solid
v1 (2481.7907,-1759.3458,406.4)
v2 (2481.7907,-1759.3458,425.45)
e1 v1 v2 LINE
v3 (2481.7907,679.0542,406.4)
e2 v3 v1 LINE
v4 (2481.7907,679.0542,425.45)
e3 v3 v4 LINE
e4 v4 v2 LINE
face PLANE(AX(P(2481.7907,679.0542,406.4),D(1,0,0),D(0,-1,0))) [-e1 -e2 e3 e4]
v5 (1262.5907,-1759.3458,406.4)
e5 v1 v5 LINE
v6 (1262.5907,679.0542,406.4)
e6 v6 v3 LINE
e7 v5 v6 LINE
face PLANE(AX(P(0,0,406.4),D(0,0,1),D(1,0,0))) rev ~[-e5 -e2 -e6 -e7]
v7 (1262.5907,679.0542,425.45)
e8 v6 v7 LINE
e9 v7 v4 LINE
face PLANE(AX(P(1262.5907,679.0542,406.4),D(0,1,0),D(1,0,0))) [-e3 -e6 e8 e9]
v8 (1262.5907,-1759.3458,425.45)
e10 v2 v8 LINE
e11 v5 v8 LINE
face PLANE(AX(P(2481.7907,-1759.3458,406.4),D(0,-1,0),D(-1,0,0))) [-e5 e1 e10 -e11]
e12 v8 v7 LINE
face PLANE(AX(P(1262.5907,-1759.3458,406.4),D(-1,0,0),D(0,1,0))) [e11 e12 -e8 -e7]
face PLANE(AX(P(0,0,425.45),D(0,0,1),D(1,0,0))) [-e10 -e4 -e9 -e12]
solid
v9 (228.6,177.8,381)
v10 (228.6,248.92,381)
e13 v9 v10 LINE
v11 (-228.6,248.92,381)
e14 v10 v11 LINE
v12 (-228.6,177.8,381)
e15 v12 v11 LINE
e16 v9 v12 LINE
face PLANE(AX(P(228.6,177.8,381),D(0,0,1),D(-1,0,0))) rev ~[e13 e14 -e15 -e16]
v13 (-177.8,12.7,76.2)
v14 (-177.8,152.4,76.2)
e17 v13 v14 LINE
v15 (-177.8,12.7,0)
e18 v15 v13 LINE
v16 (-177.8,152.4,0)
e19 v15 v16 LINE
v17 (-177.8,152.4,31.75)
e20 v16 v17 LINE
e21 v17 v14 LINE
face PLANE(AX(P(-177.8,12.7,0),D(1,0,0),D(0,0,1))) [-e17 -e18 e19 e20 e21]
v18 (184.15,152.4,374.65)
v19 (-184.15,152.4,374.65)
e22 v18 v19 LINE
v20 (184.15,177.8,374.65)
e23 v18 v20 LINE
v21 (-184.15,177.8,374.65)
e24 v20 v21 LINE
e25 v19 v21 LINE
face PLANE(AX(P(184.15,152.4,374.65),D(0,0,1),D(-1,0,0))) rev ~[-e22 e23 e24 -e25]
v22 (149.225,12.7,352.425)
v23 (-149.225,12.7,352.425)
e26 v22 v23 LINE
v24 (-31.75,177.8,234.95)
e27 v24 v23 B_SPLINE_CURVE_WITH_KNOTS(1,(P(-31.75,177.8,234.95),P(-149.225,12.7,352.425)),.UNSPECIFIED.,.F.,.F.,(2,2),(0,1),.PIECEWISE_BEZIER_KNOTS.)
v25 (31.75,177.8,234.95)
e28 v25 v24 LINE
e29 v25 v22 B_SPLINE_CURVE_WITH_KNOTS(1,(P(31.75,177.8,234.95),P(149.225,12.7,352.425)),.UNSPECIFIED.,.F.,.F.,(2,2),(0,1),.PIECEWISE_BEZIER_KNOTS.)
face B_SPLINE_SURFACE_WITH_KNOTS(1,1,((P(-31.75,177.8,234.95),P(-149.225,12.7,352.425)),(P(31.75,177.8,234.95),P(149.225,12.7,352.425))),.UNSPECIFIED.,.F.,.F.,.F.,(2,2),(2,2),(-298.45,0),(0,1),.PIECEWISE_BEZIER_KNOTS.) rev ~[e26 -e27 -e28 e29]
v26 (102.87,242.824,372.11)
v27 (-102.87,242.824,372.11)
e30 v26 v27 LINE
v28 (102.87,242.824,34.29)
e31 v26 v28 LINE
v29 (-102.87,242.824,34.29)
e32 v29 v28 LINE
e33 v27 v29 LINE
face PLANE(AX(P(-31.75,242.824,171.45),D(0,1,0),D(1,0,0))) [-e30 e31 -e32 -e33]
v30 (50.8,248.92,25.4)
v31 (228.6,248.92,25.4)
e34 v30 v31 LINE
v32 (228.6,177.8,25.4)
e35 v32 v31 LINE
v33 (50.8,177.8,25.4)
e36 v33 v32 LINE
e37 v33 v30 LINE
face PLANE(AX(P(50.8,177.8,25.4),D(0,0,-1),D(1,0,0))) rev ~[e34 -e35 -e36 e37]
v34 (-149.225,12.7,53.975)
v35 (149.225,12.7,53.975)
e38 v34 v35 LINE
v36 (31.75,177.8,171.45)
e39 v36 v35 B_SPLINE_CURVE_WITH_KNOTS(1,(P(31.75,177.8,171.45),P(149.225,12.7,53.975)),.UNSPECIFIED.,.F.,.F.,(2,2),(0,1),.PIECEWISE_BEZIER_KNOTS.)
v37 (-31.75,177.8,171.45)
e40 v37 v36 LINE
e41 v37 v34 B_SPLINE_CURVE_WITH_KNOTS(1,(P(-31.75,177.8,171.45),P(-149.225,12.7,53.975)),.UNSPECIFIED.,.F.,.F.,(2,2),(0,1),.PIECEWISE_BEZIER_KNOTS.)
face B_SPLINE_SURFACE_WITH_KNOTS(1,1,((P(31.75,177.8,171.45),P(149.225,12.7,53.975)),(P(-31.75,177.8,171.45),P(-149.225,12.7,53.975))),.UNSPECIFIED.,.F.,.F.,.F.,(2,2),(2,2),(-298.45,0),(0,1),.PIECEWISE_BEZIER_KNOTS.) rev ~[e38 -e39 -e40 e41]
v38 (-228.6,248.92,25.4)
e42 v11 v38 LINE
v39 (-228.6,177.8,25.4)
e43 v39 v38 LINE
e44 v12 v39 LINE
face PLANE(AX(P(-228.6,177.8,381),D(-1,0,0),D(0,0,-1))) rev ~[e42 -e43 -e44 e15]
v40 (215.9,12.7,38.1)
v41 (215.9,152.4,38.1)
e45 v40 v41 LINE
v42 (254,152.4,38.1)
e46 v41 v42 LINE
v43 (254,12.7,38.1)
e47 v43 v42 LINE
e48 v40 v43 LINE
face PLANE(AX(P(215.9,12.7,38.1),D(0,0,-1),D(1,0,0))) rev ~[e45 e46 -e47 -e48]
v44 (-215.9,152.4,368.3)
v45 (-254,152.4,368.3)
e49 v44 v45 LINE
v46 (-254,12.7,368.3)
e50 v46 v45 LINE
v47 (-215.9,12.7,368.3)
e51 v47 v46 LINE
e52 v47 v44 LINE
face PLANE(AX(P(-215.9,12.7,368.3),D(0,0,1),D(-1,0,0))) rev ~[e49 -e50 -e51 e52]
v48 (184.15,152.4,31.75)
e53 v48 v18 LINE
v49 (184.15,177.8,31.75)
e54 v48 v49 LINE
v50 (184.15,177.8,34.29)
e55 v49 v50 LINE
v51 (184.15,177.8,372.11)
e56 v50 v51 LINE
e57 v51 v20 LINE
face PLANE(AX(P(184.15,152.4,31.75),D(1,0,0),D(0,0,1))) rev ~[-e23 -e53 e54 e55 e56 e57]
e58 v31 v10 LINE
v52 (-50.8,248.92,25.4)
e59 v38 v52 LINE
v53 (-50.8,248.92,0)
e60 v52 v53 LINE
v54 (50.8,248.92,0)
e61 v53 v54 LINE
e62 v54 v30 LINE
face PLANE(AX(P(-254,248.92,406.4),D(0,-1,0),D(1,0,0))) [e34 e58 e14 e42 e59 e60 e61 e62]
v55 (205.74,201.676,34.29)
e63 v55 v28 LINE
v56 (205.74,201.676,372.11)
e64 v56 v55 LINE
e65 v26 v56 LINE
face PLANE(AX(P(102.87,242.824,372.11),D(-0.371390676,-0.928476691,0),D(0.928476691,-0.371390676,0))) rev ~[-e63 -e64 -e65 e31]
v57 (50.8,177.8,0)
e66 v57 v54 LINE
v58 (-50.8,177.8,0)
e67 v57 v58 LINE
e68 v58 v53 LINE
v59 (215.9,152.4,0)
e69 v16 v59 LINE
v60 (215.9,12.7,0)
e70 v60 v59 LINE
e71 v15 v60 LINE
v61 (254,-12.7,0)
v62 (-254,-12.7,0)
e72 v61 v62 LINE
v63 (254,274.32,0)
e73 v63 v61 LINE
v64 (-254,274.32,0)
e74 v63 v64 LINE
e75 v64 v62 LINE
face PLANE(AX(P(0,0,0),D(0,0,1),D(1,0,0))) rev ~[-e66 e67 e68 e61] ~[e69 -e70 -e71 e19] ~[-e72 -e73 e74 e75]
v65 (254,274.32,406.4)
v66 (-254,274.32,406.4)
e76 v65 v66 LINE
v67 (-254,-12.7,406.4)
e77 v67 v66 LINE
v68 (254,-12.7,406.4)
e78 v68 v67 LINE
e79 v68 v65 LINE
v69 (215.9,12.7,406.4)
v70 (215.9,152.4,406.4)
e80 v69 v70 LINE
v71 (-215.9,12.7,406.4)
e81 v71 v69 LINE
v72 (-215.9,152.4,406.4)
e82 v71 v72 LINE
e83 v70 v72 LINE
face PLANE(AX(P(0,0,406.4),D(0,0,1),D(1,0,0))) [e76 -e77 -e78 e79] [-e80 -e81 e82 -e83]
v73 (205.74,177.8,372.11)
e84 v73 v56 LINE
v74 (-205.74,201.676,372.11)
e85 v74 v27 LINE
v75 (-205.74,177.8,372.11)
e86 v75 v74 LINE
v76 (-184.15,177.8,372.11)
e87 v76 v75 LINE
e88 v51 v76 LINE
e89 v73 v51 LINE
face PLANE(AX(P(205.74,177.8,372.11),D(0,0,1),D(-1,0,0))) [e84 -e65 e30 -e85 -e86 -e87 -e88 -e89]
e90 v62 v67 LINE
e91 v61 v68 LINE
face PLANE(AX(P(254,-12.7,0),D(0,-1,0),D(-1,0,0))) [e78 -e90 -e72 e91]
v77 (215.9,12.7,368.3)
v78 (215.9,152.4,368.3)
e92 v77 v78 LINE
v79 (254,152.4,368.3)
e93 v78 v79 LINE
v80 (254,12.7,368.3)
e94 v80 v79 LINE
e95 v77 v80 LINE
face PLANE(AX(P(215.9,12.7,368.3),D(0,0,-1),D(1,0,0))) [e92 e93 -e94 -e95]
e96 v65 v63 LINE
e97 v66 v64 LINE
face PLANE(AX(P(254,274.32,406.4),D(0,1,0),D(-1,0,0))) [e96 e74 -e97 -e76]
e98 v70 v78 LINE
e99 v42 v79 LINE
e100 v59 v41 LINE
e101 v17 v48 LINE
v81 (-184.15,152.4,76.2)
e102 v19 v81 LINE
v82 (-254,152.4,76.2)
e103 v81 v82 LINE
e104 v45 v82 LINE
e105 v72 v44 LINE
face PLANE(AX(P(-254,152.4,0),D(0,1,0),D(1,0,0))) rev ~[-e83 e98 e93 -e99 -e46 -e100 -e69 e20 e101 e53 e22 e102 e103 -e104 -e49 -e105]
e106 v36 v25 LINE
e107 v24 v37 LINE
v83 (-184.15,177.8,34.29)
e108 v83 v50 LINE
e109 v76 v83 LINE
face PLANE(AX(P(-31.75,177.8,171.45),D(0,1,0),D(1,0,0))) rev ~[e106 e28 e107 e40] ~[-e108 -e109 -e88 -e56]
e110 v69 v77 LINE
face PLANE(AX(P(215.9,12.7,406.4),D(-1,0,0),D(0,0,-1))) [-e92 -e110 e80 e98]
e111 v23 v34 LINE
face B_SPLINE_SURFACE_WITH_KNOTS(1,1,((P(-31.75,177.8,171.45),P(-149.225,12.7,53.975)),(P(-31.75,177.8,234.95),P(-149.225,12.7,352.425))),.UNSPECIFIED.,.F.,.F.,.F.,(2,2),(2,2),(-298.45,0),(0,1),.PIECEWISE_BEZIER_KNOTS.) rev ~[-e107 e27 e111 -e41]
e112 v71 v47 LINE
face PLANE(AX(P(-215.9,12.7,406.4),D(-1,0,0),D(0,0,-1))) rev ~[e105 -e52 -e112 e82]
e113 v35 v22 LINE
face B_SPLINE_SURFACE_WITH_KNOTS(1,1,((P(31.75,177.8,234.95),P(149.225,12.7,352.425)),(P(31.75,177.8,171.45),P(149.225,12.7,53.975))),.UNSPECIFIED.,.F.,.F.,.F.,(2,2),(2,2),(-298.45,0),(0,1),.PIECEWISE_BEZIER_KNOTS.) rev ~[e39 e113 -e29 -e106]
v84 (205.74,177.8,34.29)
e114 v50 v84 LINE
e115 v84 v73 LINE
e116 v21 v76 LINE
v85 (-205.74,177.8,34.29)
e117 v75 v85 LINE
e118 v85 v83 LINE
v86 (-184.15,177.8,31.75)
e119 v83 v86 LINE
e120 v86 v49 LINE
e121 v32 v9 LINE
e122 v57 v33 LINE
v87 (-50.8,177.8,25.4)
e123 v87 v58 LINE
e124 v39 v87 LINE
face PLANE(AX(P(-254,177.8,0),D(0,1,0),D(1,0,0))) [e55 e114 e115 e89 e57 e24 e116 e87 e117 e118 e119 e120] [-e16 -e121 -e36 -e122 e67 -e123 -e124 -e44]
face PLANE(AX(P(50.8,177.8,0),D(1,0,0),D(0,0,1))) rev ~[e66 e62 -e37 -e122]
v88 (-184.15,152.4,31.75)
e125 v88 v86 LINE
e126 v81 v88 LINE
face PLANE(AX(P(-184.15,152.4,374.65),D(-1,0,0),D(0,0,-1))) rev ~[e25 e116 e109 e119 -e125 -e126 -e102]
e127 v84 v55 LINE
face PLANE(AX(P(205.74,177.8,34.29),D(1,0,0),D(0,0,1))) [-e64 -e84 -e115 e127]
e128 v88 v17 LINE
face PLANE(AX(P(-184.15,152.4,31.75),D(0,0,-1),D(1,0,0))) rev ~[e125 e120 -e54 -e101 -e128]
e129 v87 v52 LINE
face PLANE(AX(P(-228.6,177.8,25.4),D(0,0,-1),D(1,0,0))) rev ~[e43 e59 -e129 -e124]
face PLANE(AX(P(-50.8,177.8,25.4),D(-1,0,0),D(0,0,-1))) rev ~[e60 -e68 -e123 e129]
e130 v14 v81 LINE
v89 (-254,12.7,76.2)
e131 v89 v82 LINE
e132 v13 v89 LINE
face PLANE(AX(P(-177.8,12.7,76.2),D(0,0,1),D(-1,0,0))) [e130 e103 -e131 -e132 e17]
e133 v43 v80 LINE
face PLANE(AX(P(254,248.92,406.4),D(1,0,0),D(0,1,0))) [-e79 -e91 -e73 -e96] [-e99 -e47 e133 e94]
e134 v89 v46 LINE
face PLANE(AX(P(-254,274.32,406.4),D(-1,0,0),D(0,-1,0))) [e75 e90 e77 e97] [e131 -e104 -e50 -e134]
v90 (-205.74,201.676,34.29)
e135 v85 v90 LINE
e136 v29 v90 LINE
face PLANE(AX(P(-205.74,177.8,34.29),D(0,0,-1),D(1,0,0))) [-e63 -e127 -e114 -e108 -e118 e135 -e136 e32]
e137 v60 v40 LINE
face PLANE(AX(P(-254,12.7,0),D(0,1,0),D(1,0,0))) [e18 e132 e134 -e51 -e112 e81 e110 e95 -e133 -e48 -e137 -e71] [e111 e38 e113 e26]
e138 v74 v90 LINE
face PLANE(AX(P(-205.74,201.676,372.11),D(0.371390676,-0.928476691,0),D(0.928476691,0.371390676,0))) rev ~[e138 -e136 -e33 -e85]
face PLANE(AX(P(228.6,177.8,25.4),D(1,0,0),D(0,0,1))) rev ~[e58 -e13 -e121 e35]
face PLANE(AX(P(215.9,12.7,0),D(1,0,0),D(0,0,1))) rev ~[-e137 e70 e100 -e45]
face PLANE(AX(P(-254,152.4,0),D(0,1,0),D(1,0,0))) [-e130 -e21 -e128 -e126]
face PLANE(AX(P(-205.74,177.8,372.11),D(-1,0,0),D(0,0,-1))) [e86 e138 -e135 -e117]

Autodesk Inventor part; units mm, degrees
ref_plane "YZ Plane" through (0, 0, 0) normal (1, 0, 0) x (0, 1, 0)
ref_plane "XZ Plane" through (0, 0, 0) normal (0, 1, 0) x (-1, 0, 0)
sketch "Sketch1" plane through (0, 0, 0) normal (0, 0, 1) x (1, 0, 0)
  line L0 (-254, 12.7) -> (254, 12.7)
  line L1 (254, 12.7) -> (254, -12.7)
  line L2 (254, -12.7) -> (-254, -12.7)
  line L3 (-254, -12.7) -> (-254, 12.7)
  point P0 (0, 0)
  point P1 (0, -12.7)
  point P2 (254, 0)
  dimension "d0" = 25.4
  dimension "d1" = 508
extrude "Extrusion1" add sketch "Sketch1" along normal blind 406.4
sketch "Sketch2" plane through (-254, 12.7, 0) normal (0, 1, 0) x (1, 0, 0)
  line L0 (403.225, -53.975) -> (403.225, -352.425)
  line L1 (403.225, -352.425) -> (104.775, -352.425)
  line L2 (104.775, -352.425) -> (104.775, -53.975)
  line L3 (104.775, -53.975) -> (403.225, -53.975)
  line L4 (0, 0) -> (0, -406.4) projected
  line L5 (0, 0) -> (508, 0) projected
  point P0 (254, 0)
  point P1 (254, -203.2)
  point P2 (0, -203.2)
  point P3 (254, 0)
  dimension "d4" = 298.45
ref_plane "Work Plane1" through (-254, 177.8, 0) normal (0, 1, 0) x (1, 0, 0)
sketch "Sketch3" plane through (-254, 177.8, 0) normal (0, 1, 0) x (1, 0, 0)
  line L0 (285.75, -171.45) -> (285.75, -234.95)
  line L1 (285.75, -234.95) -> (222.25, -234.95)
  line L2 (222.25, -234.95) -> (222.25, -171.45)
  line L3 (222.25, -171.45) -> (285.75, -171.45)
  line L4 (0, 0) -> (0, -406.4) projected
  point P0 (254, 0)
  point P1 (254, -203.2)
  point P2 (0, -203.2)
  dimension "d6" = 63.5
loft "Loft1" add profiles "Sketch3", "Sketch2"
sketch "Sketch4" plane through (-31.75, 177.8, 171.45) normal (0, 1, 0) x (1, 0, 0)
  line L0 (-173.99, 137.16) -> (237.49, 137.16)
  line L1 (237.49, 137.16) -> (237.49, -200.66)
  line L2 (237.49, -200.66) -> (-173.99, -200.66)
  line L3 (-173.99, -200.66) -> (-173.99, 137.16)
  line L4 (285.75, 171.45) -> (285.75, -234.95) projected
  point P0 (31.75, 171.45)
  point P1 (31.75, 137.16)
  point P2 (237.49, -31.75)
  point P3 (285.75, -31.75)
  dimension "d11" = 411.48
  dimension "d12" = 337.82
extrude "Extrusion2" add sketch "Sketch4" along normal blind 65.024
sketch "Sketch5" plane through (-205.74, 177.8, 372.11) normal (0, 0, 1) x (1, 0, 0)
  line L0 (0, 0) -> (0, 23.876)
  line L1 (0, 0) -> (0, 65.024) projected
  line L2 (102.87, 65.024) -> (308.61, 65.024)
  line L3 (0, 23.876) -> (102.87, 65.024)
  line L4 (0, 65.024) -> (411.48, 65.024) projected
  line L5 (0, 65.024) -> (102.87, 65.024)
  line L6 (0, 65.024) -> (0, 23.876)
  line L7 (308.61, 65.024) -> (411.48, 23.876)
  line L8 (411.48, 23.876) -> (411.48, 65.024)
  line L9 (411.48, 65.024) -> (308.61, 65.024)
  point P0 (205.74, -177.8)
  point P1 (205.74, 65.024)
  point P2 (205.74, 0)
  dimension "d15" = 23.876
  dimension "d16" = 205.74
extrude "Extrusion3" cut sketch "Sketch5" against normal blind 390.5885
sketch "Sketch6" plane through (-254, 12.7, 0) normal (0, 1, 0) x (1, 0, 0)
  line L0 (0, 0) -> (76.2, 0)
  line L1 (76.2, 0) -> (76.2, -76.2)
  line L2 (76.2, -76.2) -> (0, -76.2)
  line L3 (0, -76.2) -> (0, 0)
  line L4 (0, -406.4) -> (38.1, -406.4)
  line L5 (38.1, -406.4) -> (38.1, -368.3)
  line L6 (38.1, -368.3) -> (0, -368.3)
  line L7 (0, -368.3) -> (0, -406.4)
  line L8 (508, 0) -> (469.9, 0)
  line L9 (469.9, 0) -> (469.9, -38.1)
  line L10 (469.9, -38.1) -> (508, -38.1)
  line L11 (508, -38.1) -> (508, 0)
  line L12 (508, -406.4) -> (469.9, -406.4)
  line L13 (508, -368.3) -> (508, -406.4)
  line L14 (469.9, -368.3) -> (508, -368.3)
  line L15 (469.9, -406.4) -> (469.9, -368.3)
  point P0 (254, 0)
  point P1 (38.1, -38.1)
  point P2 (38.1, 0)
  dimension "d19" = 76.2
extrude "Extrusion4" add sketch "Sketch6" along normal blind 139.7
sketch "Sketch7" plane through (-254, 152.4, 0) normal (0, 1, 0) x (1, 0, 0)
  line L0 (469.9, -406.4) -> (508, -406.4)
  line L1 (0, 0) -> (508, 0)
  line L2 (508, 0) -> (508, -406.4)
  line L3 (508, -406.4) -> (0, -406.4)
  line L4 (0, -406.4) -> (0, 0)
  line L5 (69.85, -31.75) -> (438.15, -31.75)
  line L6 (438.15, -31.75) -> (438.15, -374.65)
  line L7 (438.15, -374.65) -> (69.85, -374.65)
  line L8 (69.85, -374.65) -> (69.85, -31.75)
  line L9 (469.9, -368.3) -> (469.9, -406.4)
  line L10 (38.1, -406.4) -> (38.1, -368.3)
  line L11 (38.1, -38.1) -> (38.1, 0)
  line L12 (469.9, 0) -> (469.9, -38.1)
  point P0 (254, 0)
  point P1 (254, 0)
  dimension "d22" = 31.75
  dimension "d23" = 31.75
  dimension "d24" = 31.75
  dimension "d25" = 31.75
  dimension "d26" = 31.75
  dimension "d27" = 31.75
extrude "Extrusion5" add sketch "Sketch7" along normal blind 25.4
sketch "Sketch8" plane through (-254, 177.8, 0) normal (0, 1, 0) x (1, 0, 0)
  line L0 (0, 0) -> (508, 0)
  line L1 (508, 0) -> (508, -406.4)
  line L2 (508, -406.4) -> (0, -406.4)
  line L3 (0, -406.4) -> (0, 0)
  line L4 (25.4, -25.4) -> (482.6, -25.4)
  line L5 (482.6, -25.4) -> (482.6, -381)
  line L6 (482.6, -381) -> (25.4, -381)
  line L7 (25.4, -381) -> (25.4, -25.4)
  line L8 (304.8, 0) -> (304.8, -25.4)
  line L9 (304.8, -25.4) -> (203.2, -25.4)
  line L10 (203.2, -25.4) -> (203.2, 0)
  point P0 (254, 0)
  point P1 (254, 0)
  dimension "d30" = 25.4
  dimension "d31" = 25.4
  dimension "d32" = 25.4
  dimension "d33" = 25.4
extrude "Extrusion6" add sketch "Sketch8" along normal blind 71.12 contours L0 L10 L4 L7 L6 L5 L8 L1 L2 L3
sketch "Sketch9" plane through (0, 0, 406.4) normal (0, 0, 1) x (1, 0, 0)
  line L0 (-254, 248.92) -> (254, 248.92) projected
  line L1 (-254, 248.92) -> (254, 248.92)
  line L2 (254, 248.92) -> (254, 274.32)
  line L3 (254, 274.32) -> (-254, 274.32)
  line L4 (-254, 274.32) -> (-254, 248.92)
  line L5 (254, -12.7) -> (254, 248.92) projected
  point P0 (0, 0)
  point P1 (254, 261.62)
  point P2 (254, 118.11)
  dimension "d36" = 25.4
extrude "Extrusion7" add sketch "Sketch9" against normal blind 406.4
sketch "Sketch10" plane through (0, 0, 406.4) normal (0, 0, 1) x (1, 0, 0)
  line L0 (1262.5907, 679.0542) -> (2481.7907, 679.0542)
  line L1 (2481.7907, 679.0542) -> (2481.7907, -1759.3458)
  line L2 (2481.7907, -1759.3458) -> (1262.5907, -1759.3458)
  line L3 (1262.5907, -1759.3458) -> (1262.5907, 679.0542)
  point P0 (0, 0)
  dimension "d39" = 1219.2
  dimension "d40" = 2438.4
extrude "Extrusion8" add sketch "Sketch10" along normal blind 19.05
sketch "Sketch11" plane through (0, 0, 425.45) normal (0, 0, 1) x (1, 0, 0)
  line L0 (1262.5907, 679.0542) -> (1262.5907, -1759.3458) projected
  line L1 (1262.5907, 679.0542) -> (1668.9907, 679.0542)
  line L2 (1668.9907, 679.0542) -> (1668.9907, 171.0542)
  line L3 (1668.9907, 171.0542) -> (1262.5907, 171.0542)
  line L4 (1262.5907, 171.0542) -> (1262.5907, 679.0542)
  line L5 (1668.9907, 679.0542) -> (2075.3907, 679.0542)
  line L6 (2075.3907, 679.0542) -> (2075.3907, 171.0542)
  line L7 (2075.3907, 171.0542) -> (1668.9907, 171.0542)
  line L8 (1668.9907, 171.0542) -> (1668.9907, 679.0542)
  line L9 (2075.3907, 679.0542) -> (2481.7907, 679.0542)
  line L10 (2481.7907, 679.0542) -> (2481.7907, 171.0542)
  line L11 (2481.7907, 171.0542) -> (2075.3907, 171.0542)
  line L12 (2075.3907, 171.0542) -> (2075.3907, 679.0542)
  line L13 (1262.5907, 171.0542) -> (1745.1907, 171.0542)
  line L14 (1745.1907, 171.0542) -> (1745.1907, 99.9342)
  line L15 (1745.1907, 99.9342) -> (1262.5907, 99.9342)
  line L16 (1262.5907, 99.9342) -> (1262.5907, 171.0542)
  line L17 (1745.1907, 99.9342) -> (2227.7907, 99.9342)
  line L18 (2227.7907, 99.9342) -> (2227.7907, 171.0542)
  line L19 (2227.7907, 171.0542) -> (1745.1907, 171.0542)
  line L20 (1745.1907, 171.0542) -> (1745.1907, 99.9342)
  line L21 (2298.9107, 171.0542) -> (2227.7907, 171.0542)
  line L22 (2298.9107, 171.0542) -> (2370.0307, 171.0542)
  line L23 (1262.5907, 99.9342) -> (1300.6907, 99.9342)
  line L24 (1300.6907, 99.9342) -> (1300.6907, -39.7658)
  line L25 (1300.6907, -39.7658) -> (1262.5907, -39.7658)
  line L26 (1262.5907, -39.7658) -> (1262.5907, 99.9342)
  line L27 (1300.6907, 99.9342) -> (1338.7907, 99.9342)
  line L28 (1338.7907, 99.9342) -> (1338.7907, -39.7658)
  line L29 (1338.7907, -39.7658) -> (1300.6907, -39.7658)
  line L30 (1300.6907, -39.7658) -> (1300.6907, 99.9342)
  line L31 (1338.7907, 99.9342) -> (1376.8907, 99.9342)
  line L32 (1376.8907, 99.9342) -> (1376.8907, -39.7658)
  line L33 (1376.8907, -39.7658) -> (1338.7907, -39.7658)
  line L34 (1338.7907, -39.7658) -> (1338.7907, 99.9342)
  line L35 (1376.8907, 99.9342) -> (1414.9907, 99.9342)
  line L36 (1414.9907, 99.9342) -> (1414.9907, -39.7658)
  line L37 (1414.9907, -39.7658) -> (1376.8907, -39.7658)
  line L38 (1376.8907, -39.7658) -> (1376.8907, 99.9342)
  line L39 (1414.9907, 99.9342) -> (1453.0907, 99.9342)
  line L40 (1453.0907, 99.9342) -> (1453.0907, -39.7658)
  line L41 (1453.0907, -39.7658) -> (1414.9907, -39.7658)
  line L42 (1414.9907, -39.7658) -> (1414.9907, 99.9342)
  line L43 (1453.0907, 99.9342) -> (1491.1907, 99.9342)
  line L44 (1491.1907, 99.9342) -> (1491.1907, -39.7658)
  line L45 (1491.1907, -39.7658) -> (1453.0907, -39.7658)
  line L46 (1453.0907, -39.7658) -> (1453.0907, 99.9342)
  line L47 (1491.1907, 99.9342) -> (1567.3907, 99.9342)
  line L48 (1567.3907, 99.9342) -> (1567.3907, -39.7658)
  line L49 (1567.3907, -39.7658) -> (1491.1907, -39.7658)
  line L50 (1491.1907, -39.7658) -> (1491.1907, 99.9342)
  line L51 (1567.3907, 99.9342) -> (1643.5907, 99.9342)
  line L52 (1643.5907, 99.9342) -> (1643.5907, -39.7658)
  line L53 (1643.5907, -39.7658) -> (1567.3907, -39.7658)
  line L54 (1567.3907, -39.7658) -> (1567.3907, 99.9342)
  line L55 (1643.5907, 99.9342) -> (1719.7907, 99.9342)
  line L56 (1719.7907, 99.9342) -> (1719.7907, -39.7658)
  line L57 (1719.7907, -39.7658) -> (1643.5907, -39.7658)
  line L58 (1643.5907, -39.7658) -> (1643.5907, 99.9342)
  line L59 (1719.7907, 99.9342) -> (1795.9907, 99.9342)
  line L60 (1795.9907, 99.9342) -> (1795.9907, -39.7658)
  line L61 (1795.9907, -39.7658) -> (1719.7907, -39.7658)
  line L62 (1719.7907, -39.7658) -> (1719.7907, 99.9342)
  line L63 (1795.9907, 99.9342) -> (2176.9907, 99.9342)
  line L64 (2176.9907, 99.9342) -> (2176.9907, 28.8142)
  line L65 (2176.9907, 28.8142) -> (1795.9907, 28.8142)
  line L66 (1795.9907, 28.8142) -> (1795.9907, 99.9342)
  line L67 (1795.9907, 28.8142) -> (2176.9907, 28.8142)
  line L68 (2176.9907, 28.8142) -> (2176.9907, -42.3058)
  line L69 (2176.9907, -42.3058) -> (1795.9907, -42.3058)
  line L70 (1795.9907, -42.3058) -> (1795.9907, 28.8142)
  point P0 (0, 0)
  dimension "d43" = 508
  dimension "d44" = 406.4
  dimension "d45" = 406.4
  dimension "d46" = 406.4
  dimension "d47" = 71.12
  dimension "d48" = 482.6
  dimension "d49" = 482.6
  dimension "d53" = 139.7
  dimension "d54" = 38.1
  dimension "d55" = 38.1
  dimension "d56" = 38.1
  dimension "d57" = 38.1
  dimension "d58" = 38.1
  dimension "d59" = 38.1
  dimension "d60" = 76.2
  dimension "d61" = 76.2
  dimension "d62" = 76.2
  dimension "d63" = 76.2
  dimension "d64" = 139.7
  dimension "d65" = 381
  dimension "d66" = 71.12
  dimension "d67" = 71.12
properties part number "display version 3"
